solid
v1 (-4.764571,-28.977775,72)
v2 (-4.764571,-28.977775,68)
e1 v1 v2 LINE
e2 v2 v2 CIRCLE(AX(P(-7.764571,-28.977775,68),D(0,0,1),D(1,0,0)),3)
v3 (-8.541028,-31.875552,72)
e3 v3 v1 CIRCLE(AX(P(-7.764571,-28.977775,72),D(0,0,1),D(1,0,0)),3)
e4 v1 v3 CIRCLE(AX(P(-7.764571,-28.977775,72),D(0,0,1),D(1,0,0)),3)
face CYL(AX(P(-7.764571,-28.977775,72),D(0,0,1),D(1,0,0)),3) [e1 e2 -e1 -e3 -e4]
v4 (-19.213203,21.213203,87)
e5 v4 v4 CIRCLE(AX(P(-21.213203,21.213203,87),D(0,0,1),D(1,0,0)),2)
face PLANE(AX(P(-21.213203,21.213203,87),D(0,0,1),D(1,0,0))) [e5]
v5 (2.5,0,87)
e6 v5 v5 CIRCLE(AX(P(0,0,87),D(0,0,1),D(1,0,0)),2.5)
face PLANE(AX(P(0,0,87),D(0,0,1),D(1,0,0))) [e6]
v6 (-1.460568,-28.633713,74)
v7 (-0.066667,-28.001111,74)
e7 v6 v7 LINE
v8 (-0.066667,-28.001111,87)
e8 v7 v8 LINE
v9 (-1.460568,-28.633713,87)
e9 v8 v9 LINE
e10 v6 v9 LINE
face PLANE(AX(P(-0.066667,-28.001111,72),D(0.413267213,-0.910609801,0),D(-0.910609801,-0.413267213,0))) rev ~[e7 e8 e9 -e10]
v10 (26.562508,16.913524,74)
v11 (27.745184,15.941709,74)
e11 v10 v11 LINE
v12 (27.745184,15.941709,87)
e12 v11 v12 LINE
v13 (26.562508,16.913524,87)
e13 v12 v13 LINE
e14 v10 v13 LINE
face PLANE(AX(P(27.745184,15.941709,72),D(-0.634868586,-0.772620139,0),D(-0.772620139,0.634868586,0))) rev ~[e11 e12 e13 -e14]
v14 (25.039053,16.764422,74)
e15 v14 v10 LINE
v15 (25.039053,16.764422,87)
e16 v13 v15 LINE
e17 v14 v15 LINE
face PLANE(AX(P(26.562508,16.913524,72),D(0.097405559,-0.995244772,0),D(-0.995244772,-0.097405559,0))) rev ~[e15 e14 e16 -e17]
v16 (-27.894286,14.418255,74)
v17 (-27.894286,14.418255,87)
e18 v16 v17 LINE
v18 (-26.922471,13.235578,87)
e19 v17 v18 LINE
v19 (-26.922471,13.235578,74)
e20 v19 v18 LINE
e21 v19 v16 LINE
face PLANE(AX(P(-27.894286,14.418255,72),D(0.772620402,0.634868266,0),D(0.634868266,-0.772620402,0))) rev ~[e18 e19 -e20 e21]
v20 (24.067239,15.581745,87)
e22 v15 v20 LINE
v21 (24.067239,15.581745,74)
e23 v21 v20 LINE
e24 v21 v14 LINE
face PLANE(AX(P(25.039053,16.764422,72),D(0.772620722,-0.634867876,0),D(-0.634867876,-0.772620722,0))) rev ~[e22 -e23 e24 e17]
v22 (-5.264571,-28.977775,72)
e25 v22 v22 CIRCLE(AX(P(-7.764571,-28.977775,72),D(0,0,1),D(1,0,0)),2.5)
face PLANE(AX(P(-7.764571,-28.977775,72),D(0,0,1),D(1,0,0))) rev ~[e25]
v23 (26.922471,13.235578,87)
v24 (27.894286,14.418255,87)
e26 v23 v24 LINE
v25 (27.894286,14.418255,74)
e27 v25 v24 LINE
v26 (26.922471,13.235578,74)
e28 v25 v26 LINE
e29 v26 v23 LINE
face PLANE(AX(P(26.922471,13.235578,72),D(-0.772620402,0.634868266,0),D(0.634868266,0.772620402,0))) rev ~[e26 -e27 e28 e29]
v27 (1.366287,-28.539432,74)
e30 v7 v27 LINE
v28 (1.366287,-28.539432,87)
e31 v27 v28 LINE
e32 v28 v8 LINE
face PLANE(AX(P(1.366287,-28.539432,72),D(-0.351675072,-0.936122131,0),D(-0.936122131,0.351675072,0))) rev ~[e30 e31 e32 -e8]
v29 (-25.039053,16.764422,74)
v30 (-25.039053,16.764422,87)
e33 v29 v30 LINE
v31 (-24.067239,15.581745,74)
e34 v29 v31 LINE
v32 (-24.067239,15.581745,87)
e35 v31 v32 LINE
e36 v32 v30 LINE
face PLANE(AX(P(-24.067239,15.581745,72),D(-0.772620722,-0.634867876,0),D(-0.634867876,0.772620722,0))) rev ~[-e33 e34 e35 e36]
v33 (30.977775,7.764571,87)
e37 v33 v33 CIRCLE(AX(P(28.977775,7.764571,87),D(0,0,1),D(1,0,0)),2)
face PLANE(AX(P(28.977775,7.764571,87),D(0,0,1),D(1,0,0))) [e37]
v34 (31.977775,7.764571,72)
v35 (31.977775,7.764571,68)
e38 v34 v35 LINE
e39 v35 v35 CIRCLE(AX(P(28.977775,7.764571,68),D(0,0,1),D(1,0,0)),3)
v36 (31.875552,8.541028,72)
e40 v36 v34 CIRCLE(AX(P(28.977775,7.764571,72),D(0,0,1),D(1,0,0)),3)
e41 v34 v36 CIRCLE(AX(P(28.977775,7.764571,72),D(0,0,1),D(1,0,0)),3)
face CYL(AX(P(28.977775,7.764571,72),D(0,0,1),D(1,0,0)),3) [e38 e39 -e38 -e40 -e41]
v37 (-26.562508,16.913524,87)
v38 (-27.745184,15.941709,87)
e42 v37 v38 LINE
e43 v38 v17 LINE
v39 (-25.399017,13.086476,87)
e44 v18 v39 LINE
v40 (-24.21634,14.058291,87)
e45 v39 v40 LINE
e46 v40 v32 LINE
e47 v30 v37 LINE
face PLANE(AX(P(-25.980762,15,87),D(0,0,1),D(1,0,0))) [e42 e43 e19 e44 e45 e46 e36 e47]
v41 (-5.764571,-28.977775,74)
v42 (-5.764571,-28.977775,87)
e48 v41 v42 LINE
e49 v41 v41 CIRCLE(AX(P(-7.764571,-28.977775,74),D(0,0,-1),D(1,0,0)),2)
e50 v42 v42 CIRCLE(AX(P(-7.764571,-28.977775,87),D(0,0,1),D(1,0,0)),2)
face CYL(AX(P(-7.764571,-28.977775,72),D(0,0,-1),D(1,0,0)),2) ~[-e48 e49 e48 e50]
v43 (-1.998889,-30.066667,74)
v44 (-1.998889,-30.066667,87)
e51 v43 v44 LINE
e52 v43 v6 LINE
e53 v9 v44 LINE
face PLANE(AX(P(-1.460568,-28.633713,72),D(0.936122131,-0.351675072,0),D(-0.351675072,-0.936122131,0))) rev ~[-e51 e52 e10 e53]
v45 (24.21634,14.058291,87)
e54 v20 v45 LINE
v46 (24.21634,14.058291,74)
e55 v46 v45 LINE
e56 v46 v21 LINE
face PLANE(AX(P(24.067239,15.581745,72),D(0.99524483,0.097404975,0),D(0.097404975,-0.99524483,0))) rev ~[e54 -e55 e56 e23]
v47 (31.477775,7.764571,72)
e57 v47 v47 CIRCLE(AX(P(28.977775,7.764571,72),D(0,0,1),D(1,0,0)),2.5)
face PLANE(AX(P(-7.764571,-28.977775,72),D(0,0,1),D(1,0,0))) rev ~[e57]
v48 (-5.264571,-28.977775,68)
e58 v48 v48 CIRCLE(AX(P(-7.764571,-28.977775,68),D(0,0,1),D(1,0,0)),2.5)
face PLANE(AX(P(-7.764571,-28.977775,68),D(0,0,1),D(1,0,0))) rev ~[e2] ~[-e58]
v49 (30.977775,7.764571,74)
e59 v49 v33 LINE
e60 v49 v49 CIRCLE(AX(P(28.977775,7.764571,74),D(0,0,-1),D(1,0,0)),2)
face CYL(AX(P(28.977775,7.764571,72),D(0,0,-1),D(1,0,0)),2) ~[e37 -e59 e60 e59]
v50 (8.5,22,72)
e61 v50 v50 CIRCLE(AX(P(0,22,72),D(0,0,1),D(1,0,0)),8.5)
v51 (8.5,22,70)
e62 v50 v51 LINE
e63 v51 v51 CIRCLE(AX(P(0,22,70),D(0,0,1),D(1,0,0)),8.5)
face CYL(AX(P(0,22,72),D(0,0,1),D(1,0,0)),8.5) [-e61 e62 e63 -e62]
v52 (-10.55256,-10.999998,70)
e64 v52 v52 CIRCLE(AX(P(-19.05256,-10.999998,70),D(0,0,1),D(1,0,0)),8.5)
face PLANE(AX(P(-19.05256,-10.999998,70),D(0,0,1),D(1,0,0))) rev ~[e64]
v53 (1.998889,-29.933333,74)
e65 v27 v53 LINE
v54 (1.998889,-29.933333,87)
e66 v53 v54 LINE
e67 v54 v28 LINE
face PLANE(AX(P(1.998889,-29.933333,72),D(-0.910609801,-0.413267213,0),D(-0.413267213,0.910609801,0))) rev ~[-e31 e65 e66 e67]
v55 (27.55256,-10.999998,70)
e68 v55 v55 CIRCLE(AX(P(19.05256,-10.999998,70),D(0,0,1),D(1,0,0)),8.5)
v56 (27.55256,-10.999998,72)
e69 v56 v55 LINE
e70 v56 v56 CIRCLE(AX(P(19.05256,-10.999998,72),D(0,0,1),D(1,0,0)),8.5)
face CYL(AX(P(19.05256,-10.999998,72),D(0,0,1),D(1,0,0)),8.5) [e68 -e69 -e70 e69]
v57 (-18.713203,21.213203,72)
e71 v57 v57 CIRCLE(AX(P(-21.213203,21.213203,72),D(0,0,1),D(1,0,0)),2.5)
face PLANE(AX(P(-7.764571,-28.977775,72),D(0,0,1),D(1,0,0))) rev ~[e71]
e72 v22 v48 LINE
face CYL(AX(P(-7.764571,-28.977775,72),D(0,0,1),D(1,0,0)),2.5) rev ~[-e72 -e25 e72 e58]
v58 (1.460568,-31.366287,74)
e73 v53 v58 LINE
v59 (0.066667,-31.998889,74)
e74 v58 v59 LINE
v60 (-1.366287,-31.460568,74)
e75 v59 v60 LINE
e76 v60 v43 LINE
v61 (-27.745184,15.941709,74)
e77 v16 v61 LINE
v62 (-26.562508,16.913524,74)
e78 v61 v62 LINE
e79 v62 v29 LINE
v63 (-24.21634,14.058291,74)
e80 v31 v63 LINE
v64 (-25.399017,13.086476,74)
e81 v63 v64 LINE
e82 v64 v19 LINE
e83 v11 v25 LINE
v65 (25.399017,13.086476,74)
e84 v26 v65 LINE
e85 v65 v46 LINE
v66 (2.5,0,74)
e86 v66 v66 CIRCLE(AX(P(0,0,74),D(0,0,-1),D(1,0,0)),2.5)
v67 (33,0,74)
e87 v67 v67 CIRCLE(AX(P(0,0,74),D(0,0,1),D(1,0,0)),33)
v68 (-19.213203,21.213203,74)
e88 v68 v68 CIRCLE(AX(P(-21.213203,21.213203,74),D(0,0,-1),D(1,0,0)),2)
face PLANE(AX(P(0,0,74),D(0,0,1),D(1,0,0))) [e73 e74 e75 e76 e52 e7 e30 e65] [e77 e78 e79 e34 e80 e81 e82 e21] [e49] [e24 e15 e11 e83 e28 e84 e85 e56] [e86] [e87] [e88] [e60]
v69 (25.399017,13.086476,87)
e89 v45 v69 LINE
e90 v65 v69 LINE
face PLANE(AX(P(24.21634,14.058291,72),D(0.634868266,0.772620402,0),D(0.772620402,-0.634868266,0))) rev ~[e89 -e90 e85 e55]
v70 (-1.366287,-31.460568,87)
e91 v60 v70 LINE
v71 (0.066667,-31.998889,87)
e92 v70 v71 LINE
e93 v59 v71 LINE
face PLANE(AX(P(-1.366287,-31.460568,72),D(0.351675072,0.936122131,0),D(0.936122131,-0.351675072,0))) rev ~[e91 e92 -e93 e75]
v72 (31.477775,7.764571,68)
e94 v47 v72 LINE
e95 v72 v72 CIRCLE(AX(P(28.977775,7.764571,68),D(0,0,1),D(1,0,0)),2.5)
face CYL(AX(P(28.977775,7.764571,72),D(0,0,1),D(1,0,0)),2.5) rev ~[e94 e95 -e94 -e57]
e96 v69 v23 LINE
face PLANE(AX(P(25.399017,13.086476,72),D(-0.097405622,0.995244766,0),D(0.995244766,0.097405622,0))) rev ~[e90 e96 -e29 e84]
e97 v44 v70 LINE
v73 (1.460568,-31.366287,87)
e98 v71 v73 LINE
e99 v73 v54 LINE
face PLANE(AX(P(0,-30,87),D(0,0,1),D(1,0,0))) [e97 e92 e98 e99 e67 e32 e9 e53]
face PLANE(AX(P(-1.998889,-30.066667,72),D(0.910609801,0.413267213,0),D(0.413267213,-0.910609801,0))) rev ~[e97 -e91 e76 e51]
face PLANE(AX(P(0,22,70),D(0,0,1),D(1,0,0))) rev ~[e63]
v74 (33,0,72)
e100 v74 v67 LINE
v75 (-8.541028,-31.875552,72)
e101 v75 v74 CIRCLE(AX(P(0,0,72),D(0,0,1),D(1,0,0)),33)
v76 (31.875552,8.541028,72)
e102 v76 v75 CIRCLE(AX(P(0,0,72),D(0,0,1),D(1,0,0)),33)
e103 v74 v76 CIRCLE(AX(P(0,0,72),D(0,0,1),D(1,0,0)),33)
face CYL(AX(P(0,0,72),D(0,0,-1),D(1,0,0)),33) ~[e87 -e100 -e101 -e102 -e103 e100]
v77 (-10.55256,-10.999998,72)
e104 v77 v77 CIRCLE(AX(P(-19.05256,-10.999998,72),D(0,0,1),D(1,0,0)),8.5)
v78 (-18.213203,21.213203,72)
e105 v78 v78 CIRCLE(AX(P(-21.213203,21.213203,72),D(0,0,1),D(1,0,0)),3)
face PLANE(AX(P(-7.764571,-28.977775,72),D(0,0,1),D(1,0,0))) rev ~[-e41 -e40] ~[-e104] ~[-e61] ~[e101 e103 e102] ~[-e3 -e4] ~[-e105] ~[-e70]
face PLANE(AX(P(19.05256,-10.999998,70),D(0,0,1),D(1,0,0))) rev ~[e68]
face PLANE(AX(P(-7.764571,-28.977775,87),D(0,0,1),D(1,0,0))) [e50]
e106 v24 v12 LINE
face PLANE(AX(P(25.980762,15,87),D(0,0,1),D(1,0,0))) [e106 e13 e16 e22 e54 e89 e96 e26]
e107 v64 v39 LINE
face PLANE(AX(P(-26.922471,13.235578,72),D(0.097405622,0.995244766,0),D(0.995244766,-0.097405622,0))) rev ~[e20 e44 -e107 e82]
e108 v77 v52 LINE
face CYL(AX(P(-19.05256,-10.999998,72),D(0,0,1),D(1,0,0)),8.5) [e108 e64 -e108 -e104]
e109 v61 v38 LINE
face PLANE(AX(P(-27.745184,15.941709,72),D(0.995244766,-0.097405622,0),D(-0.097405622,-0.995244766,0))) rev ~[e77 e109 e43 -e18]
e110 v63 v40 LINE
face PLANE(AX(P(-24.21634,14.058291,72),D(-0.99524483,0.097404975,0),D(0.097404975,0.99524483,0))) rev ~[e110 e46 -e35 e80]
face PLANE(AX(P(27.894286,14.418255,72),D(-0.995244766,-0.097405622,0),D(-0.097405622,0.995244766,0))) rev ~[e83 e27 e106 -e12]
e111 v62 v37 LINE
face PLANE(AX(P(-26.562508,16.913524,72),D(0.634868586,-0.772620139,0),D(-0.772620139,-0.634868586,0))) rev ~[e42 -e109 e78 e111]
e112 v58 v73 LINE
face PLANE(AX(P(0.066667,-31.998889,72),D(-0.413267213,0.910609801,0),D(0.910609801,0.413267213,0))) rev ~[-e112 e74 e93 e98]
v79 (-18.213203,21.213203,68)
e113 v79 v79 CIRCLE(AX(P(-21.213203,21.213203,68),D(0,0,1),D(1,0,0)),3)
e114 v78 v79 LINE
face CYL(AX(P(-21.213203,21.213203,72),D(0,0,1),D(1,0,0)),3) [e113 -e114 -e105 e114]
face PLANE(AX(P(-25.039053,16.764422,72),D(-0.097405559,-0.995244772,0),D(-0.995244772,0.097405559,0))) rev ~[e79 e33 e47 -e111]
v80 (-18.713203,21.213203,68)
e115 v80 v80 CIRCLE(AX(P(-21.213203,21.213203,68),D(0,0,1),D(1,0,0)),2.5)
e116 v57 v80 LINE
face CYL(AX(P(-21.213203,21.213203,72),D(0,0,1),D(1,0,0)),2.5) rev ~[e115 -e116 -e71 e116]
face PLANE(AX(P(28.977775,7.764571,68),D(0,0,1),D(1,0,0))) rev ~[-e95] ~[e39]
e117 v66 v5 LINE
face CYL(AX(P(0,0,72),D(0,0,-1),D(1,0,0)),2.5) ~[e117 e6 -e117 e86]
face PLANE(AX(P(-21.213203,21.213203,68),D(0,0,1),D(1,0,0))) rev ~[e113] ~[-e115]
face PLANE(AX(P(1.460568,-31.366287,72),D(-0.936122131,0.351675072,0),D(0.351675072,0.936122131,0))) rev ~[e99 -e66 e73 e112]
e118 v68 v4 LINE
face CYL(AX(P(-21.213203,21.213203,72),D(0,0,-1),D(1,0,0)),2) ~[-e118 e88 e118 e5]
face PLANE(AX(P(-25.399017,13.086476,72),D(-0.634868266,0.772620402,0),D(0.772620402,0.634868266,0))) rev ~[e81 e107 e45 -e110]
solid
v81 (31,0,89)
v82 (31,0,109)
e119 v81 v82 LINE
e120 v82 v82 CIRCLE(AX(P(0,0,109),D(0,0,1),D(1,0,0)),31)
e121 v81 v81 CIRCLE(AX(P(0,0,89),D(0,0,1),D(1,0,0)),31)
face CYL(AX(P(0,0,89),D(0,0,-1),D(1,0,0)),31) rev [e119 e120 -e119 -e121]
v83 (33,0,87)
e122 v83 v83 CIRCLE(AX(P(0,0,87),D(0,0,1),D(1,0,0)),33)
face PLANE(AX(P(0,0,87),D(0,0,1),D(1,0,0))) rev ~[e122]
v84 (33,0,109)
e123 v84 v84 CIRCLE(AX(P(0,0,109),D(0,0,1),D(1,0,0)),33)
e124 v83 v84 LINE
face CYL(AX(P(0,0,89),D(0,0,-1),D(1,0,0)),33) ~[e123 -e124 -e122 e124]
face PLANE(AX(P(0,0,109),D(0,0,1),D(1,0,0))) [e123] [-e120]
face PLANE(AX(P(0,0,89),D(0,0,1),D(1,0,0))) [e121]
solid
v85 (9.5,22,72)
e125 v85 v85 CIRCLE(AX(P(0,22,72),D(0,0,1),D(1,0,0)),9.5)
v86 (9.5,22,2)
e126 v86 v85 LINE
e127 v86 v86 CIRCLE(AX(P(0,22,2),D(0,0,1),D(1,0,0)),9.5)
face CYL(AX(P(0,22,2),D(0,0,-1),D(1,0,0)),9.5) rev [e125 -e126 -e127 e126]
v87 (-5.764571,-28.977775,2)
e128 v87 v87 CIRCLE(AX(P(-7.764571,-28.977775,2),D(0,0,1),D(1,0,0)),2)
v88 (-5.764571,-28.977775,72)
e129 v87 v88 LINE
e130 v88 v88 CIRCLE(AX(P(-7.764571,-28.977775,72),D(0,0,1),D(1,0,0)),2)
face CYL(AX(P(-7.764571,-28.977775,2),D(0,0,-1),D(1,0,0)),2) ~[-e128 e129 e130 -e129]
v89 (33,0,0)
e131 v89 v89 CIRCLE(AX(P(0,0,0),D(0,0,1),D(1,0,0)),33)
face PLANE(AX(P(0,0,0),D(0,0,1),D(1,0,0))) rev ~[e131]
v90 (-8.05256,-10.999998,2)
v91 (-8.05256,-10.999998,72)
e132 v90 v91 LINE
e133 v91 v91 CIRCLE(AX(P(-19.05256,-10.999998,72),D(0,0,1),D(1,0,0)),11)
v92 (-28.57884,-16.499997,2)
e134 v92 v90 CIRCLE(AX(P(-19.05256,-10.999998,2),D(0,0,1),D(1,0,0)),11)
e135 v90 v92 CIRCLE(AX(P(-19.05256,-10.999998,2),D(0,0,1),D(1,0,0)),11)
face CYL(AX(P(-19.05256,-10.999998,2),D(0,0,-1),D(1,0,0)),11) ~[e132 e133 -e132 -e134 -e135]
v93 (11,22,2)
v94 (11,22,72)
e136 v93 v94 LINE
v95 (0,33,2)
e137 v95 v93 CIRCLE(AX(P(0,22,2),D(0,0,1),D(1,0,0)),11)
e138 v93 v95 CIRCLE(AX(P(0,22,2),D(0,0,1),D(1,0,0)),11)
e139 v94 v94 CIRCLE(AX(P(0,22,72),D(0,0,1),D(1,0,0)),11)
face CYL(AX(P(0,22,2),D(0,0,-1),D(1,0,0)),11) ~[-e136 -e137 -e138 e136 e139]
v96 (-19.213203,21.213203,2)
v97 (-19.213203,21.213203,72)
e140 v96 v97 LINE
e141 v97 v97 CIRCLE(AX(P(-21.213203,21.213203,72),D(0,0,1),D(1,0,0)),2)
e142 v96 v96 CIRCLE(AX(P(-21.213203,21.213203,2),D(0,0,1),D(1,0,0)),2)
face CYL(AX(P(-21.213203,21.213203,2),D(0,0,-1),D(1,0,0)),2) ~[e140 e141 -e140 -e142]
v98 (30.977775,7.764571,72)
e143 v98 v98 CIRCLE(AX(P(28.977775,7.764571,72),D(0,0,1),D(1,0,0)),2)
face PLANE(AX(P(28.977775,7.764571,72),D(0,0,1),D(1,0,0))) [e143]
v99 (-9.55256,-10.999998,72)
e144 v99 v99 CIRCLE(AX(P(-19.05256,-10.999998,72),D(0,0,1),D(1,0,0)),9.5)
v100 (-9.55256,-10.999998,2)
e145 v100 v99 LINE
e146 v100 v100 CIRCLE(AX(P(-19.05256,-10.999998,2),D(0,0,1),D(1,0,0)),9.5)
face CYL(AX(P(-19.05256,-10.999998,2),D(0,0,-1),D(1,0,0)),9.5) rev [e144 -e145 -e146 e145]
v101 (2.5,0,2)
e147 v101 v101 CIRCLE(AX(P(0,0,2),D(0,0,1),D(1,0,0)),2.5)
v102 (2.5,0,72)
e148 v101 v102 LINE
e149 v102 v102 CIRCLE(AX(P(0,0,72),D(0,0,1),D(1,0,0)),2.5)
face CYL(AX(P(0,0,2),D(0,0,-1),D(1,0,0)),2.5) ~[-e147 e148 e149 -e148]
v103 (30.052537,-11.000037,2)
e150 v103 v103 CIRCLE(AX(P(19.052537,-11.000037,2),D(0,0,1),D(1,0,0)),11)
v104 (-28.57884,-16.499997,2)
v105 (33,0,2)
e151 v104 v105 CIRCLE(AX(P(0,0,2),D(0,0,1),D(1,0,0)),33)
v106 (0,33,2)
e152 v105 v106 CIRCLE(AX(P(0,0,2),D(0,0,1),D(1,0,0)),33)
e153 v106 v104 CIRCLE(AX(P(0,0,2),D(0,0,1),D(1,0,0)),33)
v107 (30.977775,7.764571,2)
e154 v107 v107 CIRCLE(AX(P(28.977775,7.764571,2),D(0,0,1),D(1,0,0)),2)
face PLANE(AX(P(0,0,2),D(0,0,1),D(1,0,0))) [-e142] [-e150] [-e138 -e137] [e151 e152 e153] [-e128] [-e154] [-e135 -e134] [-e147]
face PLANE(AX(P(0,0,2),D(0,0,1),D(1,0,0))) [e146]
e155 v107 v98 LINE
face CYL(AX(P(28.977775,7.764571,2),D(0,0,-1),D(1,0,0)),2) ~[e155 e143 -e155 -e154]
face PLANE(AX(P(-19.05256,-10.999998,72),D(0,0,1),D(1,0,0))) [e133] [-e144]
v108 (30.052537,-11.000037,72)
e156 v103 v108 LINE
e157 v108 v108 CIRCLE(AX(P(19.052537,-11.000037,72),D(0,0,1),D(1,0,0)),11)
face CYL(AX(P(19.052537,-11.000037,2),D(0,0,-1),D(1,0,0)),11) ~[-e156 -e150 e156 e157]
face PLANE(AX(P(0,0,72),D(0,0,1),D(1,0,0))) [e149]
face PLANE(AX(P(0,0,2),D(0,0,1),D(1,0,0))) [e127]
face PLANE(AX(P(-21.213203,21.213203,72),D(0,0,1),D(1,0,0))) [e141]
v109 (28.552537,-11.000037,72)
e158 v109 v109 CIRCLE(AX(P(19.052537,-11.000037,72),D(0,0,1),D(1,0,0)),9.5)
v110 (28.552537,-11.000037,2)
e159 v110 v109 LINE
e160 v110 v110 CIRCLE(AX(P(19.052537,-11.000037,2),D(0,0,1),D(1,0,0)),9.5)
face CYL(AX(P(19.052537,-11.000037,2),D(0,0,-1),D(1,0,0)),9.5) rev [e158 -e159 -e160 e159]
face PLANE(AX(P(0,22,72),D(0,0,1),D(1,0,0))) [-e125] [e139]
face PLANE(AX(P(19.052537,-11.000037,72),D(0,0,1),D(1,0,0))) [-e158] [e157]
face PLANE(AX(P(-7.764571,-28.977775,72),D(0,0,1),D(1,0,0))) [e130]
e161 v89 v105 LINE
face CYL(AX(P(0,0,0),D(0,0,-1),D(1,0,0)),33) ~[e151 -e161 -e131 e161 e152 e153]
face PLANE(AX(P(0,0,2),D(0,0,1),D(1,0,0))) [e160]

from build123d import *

# Parameters (mm, degrees)
SKETCH_R      = 33
PAD_DEPTH     = 2
SKETCH001_R   = 11
SKETCH001_R_2 = 9.5
SKETCH001_R_3 = 2.5
PAD001_DEPTH  = 70
SKETCH002_R   = 2
PAD002_DEPTH  = 70
SKETCH003_R   = 33
PAD003_DEPTH  = 2
SKETCH004_R   = 8.5
PAD004_DEPTH  = 2
SKETCH005_R   = 2
SKETCH005_R_2 = 2.5
PAD005_DEPTH  = 15
SKETCH007_R   = 3
SKETCH007_R_2 = 2.5
PAD007_DEPTH  = 4
SKETCH006_R   = 33
PAD006_DEPTH  = 2
SKETCH008_R   = 33
SKETCH008_R_2 = 31
PAD008_DEPTH  = 20


with BuildPart() as estructura_inferior:
    # Sketch → Pad (new body)
    with BuildSketch(Plane.XY):
        Circle(SKETCH_R)
    extrude(amount=PAD_DEPTH)

    # Sketch001 (on Face3 of Pad) → Pad001 (join)
    with BuildSketch(Plane.XY.offset(2)):
        with Locations((19.052537, -11.000037)):
            Circle(SKETCH001_R)
        with Locations((19.052537, -11.000037)):
            Circle(SKETCH001_R_2, mode=Mode.SUBTRACT)
        with Locations((-19.05256, -10.999998)):
            Circle(SKETCH001_R)
        with Locations((-19.05256, -10.999998)):
            Circle(SKETCH001_R_2, mode=Mode.SUBTRACT)
        with Locations((0, 22)):
            Circle(SKETCH001_R)
        with Locations((0, 22)):
            Circle(SKETCH001_R_2, mode=Mode.SUBTRACT)
        Circle(SKETCH001_R_3)
    extrude(amount=PAD001_DEPTH)

    # Sketch002 (on Face3 of Pad) → Pad002 (join)
    with BuildSketch(Plane.XY.offset(2)):
        with Locations((28.977775, 7.764571)):
            Circle(SKETCH002_R)
        with Locations((-21.213203, 21.213203)):
            Circle(SKETCH002_R)
        with Locations((-7.764571, -28.977775)):
            Circle(SKETCH002_R)
    extrude(amount=PAD002_DEPTH)


with BuildPart() as estructura_central:
    # Sketch003 (on ShapeBinder) → Pad003 (new body)
    with BuildSketch(Plane.XY.offset(72)):
        Circle(SKETCH003_R)
    extrude(amount=PAD003_DEPTH)

    # Sketch004 (on ShapeBinder) → Pad004 (join)
    with BuildSketch(Plane.XY.offset(72)):
        with Locations((-19.05256, -10.999998)):
            Circle(SKETCH004_R)
        with Locations((0, 22)):
            Circle(SKETCH004_R)
        with Locations((19.05256, -10.999998)):
            Circle(SKETCH004_R)
    extrude(amount=-PAD004_DEPTH)

    # Sketch005 (on ShapeBinder) → Pad005 (join)
    with BuildSketch(Plane.XY.offset(72)):
        with Locations((-7.764571, -28.977775)):
            Circle(SKETCH005_R)
        with Locations((28.977775, 7.764571)):
            Circle(SKETCH005_R)
        with Locations((-21.213203, 21.213203)):
            Circle(SKETCH005_R)
        Circle(SKETCH005_R_2)
        Polygon((1.366287, -28.539432), (-0.066667, -28.001111), (-1.460568, -28.633713), (-1.998889, -30.066667), (-1.366287, -31.460568), (0.066667, -31.998889), (1.460568, -31.366287), (1.998889, -29.933333), align=None)
        Polygon((27.745184, 15.941709), (26.562508, 16.913524), (25.039053, 16.764422), (24.067239, 15.581745), (24.21634, 14.058291), (25.399017, 13.086476), (26.922471, 13.235578), (27.894286, 14.418255), align=None)
        Polygon((-24.067239, 15.581745), (-25.039053, 16.764422), (-26.562508, 16.913524), (-27.745184, 15.941709), (-27.894286, 14.418255), (-26.922471, 13.235578), (-25.399017, 13.086476), (-24.21634, 14.058291), align=None)
    extrude(amount=PAD005_DEPTH)

    # Sketch007 (on Face1 of ShapeBinder002) → Pad007 (join)
    with BuildSketch(Plane.XY.offset(72)):
        with Locations((-7.764571, -28.977775)):
            Circle(SKETCH007_R)
        with Locations((-7.764571, -28.977775)):
            Circle(SKETCH007_R_2, mode=Mode.SUBTRACT)
        with Locations((-21.213203, 21.213203)):
            Circle(SKETCH007_R)
        with Locations((-21.213203, 21.213203)):
            Circle(SKETCH007_R_2, mode=Mode.SUBTRACT)
        with Locations((28.977775, 7.764571)):
            Circle(SKETCH007_R)
        with Locations((28.977775, 7.764571)):
            Circle(SKETCH007_R_2, mode=Mode.SUBTRACT)
    extrude(amount=-PAD007_DEPTH)


with BuildPart() as estructura_superior:
    # Sketch006 (on ShapeBinder) → Pad006 (new body)
    with BuildSketch(Plane.XY.offset(87)):
        Circle(SKETCH006_R)
    extrude(amount=PAD006_DEPTH)

    # Sketch008 (on Face3 of Pad006) → Pad008 (join)
    with BuildSketch(Plane.XY.offset(89)):
        Circle(SKETCH008_R)
        Circle(SKETCH008_R_2, mode=Mode.SUBTRACT)
    extrude(amount=PAD008_DEPTH)


solid = Compound([estructura_inferior.part, estructura_central.part, estructura_superior.part])
